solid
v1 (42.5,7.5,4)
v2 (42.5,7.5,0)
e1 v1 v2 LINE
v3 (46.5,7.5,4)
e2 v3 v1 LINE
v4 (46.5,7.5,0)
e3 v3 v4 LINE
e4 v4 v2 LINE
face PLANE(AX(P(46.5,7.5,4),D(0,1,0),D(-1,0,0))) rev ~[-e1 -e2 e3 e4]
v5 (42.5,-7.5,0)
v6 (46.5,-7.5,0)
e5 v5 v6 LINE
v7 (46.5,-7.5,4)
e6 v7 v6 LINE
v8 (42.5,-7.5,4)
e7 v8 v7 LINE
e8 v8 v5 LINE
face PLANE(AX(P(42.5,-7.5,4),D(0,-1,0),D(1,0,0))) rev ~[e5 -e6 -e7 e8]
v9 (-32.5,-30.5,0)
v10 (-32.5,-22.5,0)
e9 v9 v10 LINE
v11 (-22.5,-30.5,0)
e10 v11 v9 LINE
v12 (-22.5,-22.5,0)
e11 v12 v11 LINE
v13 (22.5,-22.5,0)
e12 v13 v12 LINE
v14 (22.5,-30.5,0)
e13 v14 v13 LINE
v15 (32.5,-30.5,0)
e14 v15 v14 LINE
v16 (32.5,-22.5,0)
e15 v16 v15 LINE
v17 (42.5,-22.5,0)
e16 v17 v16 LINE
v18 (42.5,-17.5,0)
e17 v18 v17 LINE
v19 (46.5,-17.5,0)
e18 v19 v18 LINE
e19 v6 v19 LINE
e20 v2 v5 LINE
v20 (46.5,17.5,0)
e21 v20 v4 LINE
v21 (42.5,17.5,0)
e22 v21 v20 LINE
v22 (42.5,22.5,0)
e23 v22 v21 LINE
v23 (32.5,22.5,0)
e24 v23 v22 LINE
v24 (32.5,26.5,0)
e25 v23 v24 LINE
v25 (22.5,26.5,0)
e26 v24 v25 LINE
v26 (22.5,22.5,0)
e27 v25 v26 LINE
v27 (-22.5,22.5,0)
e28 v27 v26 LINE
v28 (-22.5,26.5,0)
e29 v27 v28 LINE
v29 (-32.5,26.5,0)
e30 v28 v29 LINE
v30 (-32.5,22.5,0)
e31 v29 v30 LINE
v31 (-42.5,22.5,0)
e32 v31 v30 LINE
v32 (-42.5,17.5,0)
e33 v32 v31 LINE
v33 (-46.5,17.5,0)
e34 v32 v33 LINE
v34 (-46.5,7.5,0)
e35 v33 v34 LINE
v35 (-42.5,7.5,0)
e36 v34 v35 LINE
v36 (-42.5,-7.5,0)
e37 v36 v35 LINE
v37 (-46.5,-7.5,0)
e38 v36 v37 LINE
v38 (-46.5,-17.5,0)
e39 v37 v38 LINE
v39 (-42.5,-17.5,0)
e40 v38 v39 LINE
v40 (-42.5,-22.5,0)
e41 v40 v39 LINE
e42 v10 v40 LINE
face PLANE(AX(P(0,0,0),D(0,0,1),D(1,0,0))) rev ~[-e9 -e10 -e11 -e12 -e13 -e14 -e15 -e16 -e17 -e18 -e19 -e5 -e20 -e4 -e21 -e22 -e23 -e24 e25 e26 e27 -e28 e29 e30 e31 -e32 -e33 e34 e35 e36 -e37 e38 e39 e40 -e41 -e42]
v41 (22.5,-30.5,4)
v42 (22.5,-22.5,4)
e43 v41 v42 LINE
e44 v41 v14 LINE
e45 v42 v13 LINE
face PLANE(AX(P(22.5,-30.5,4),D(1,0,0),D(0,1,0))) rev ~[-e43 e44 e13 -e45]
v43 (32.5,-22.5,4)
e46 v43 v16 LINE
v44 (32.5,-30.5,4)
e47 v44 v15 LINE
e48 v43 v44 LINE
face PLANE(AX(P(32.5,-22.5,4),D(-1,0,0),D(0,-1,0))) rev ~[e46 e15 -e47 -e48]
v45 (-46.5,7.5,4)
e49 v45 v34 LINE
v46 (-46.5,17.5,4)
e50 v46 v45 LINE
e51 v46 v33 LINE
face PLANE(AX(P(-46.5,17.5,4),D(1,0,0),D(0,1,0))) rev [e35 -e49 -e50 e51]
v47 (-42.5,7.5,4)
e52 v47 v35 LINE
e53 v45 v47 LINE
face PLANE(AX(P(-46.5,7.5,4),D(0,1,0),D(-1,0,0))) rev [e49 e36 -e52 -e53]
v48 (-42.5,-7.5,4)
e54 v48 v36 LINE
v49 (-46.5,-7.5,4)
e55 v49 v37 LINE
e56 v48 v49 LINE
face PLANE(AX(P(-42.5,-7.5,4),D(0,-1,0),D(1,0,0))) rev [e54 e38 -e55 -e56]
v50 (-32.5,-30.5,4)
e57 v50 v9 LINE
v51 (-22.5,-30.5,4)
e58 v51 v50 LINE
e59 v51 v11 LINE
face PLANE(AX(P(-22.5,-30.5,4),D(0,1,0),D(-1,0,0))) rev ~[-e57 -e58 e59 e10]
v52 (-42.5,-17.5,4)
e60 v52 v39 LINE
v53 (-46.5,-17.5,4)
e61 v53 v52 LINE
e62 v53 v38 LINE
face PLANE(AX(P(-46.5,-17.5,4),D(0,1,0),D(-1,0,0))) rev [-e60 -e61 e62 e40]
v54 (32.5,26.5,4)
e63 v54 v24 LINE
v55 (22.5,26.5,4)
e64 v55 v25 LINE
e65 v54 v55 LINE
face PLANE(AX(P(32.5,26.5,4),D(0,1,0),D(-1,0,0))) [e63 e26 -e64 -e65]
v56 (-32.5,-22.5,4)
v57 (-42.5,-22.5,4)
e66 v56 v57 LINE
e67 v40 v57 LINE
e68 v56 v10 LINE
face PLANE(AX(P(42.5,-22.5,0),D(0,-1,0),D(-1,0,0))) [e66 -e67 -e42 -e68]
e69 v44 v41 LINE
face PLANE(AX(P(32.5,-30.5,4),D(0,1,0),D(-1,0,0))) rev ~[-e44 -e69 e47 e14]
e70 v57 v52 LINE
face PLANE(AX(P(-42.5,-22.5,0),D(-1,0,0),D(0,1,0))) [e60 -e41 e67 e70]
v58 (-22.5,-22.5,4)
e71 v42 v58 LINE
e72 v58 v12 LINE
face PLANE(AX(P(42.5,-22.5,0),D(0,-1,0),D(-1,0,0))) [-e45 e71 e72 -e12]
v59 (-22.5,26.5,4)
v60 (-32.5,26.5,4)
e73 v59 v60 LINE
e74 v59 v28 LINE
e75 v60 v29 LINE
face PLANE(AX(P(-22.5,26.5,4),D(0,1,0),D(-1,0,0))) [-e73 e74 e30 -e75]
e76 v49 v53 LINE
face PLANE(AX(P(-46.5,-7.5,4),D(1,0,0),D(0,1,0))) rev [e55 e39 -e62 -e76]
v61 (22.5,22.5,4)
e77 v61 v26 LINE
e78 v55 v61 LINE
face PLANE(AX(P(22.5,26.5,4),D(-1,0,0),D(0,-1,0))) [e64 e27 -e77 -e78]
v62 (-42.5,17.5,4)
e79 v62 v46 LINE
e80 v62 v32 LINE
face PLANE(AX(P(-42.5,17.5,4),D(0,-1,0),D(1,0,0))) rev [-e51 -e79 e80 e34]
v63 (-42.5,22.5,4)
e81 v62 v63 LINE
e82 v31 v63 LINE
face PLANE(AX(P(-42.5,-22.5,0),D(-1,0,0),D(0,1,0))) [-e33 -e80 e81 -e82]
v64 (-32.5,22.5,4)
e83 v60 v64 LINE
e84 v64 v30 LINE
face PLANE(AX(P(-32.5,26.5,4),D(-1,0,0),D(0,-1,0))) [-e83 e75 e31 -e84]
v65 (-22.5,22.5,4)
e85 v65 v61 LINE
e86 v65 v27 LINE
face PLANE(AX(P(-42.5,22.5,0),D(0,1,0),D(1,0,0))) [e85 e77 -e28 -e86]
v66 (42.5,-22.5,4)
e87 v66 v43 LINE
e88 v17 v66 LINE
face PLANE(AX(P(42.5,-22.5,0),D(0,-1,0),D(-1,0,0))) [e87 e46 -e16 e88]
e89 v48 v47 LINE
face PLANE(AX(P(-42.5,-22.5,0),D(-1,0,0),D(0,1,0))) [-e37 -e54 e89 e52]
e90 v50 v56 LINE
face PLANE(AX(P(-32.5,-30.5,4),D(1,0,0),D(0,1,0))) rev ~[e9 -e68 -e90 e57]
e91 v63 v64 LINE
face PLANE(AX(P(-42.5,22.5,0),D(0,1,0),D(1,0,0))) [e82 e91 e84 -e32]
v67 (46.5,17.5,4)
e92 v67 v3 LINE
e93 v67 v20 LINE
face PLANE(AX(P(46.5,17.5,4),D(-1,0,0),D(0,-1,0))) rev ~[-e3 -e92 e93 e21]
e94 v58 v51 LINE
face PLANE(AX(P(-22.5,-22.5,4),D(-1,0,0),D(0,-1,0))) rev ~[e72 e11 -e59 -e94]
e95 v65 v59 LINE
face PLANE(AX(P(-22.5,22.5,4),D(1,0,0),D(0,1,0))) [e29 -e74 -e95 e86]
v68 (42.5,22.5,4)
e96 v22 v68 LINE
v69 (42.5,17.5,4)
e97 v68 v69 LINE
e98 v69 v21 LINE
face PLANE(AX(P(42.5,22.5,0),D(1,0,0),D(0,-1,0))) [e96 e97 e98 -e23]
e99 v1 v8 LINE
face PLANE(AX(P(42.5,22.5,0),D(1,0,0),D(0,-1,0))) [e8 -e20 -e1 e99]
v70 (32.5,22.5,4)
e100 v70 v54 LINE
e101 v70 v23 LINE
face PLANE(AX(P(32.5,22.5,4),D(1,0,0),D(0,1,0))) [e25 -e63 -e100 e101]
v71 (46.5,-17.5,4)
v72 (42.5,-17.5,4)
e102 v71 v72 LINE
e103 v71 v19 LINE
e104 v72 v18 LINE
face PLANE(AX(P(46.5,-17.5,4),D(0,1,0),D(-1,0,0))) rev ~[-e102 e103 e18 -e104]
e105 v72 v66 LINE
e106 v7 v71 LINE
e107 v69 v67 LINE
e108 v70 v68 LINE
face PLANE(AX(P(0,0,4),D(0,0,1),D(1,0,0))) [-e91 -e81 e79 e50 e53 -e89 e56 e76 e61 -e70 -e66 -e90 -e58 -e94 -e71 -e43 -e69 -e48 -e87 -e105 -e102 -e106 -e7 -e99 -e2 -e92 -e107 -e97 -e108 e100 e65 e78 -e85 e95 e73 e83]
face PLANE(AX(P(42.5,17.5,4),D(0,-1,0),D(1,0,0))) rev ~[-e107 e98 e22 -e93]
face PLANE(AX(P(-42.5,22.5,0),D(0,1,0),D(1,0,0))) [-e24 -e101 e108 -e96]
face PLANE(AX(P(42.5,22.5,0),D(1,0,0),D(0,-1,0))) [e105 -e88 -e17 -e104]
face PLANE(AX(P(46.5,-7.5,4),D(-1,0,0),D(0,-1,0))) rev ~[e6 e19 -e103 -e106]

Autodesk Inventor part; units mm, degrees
ref_plane "YZ Plane" through (0, 0, 0) normal (1, 0, 0) x (0, 1, 0)
ref_plane "XZ Plane" through (0, 0, 0) normal (0, 1, 0) x (-1, 0, 0)
sketch "Sketch1" plane through (0, 0, 0) normal (0, 0, 1) x (1, 0, 0)
  line L0 (42.5, -22.5) -> (-42.5, -22.5)
  line L1 (-42.5, -22.5) -> (-42.5, 22.5)
  line L2 (-42.5, 22.5) -> (42.5, 22.5)
  line L3 (42.5, 22.5) -> (42.5, -22.5)
  line L4 (42.5, -22.5) -> (-42.5, 22.5) construction
  line L5 (-42.5, -22.5) -> (42.5, 22.5) construction
  point P0 (0, 0)
  dimension "d0" = 85
  dimension "d1" = 45
extrude "Extrusion1" add sketch "Sketch1" along normal blind 4
sketch "Sketch2" plane through (0, 0, 4) normal (0, 0, 1) x (1, 0, 0)
  line L0 (-42.5, -22.5) -> (42.5, -22.5) projected
  line L1 (42.5, -22.5) -> (42.5, 22.5) projected
  line L2 (42.5, 22.5) -> (-42.5, 22.5) projected
  line L3 (-42.5, 22.5) -> (-42.5, -22.5) projected
  line L4 (42.5, -22.5) -> (42.5, 22.5) projected
  line L5 (42.5, 17.5) -> (46.5, 17.5)
  line L6 (46.5, 17.5) -> (46.5, 7.5)
  line L7 (46.5, 7.5) -> (42.5, 7.5)
  line L8 (42.5, 7.5) -> (42.5, 17.5)
  line L9 (42.5, -7.5) -> (46.5, -7.5)
  line L10 (46.5, -7.5) -> (46.5, -17.5)
  line L11 (46.5, -17.5) -> (42.5, -17.5)
  line L12 (42.5, -17.5) -> (42.5, -7.5)
  point P0 (0, 0)
  dimension "d4" = 4
  dimension "d5" = 10
  dimension "d6" = 4
  dimension "d7" = 10
extrude "Extrusion2" add sketch "Sketch2" against normal blind 4 contours L1 L9 L10 L11 | L5 L6 L7 L1
ref_plane "Work Plane1" through (0, -7.5, 0) normal (1, 0, 0) x (0, 0, -1)
mirror "Mirror1" about plane through (0, -7.5, 0) normal (1, 0, 0) of "Extrusion2"
sketch "Sketch3" plane through (0, 0, 4) normal (0, 0, 1) x (1, 0, 0)
  line L0 (-42.5, -22.5) -> (42.5, -22.5) projected
  line L1 (-32.5, -22.5) -> (-22.5, -22.5)
  line L2 (-22.5, -22.5) -> (-22.5, -30.5)
  line L3 (-22.5, -30.5) -> (-32.5, -30.5)
  line L4 (-32.5, -30.5) -> (-32.5, -22.5)
  line L5 (22.5, -22.5) -> (32.5, -22.5)
  line L6 (32.5, -22.5) -> (32.5, -30.5)
  line L7 (32.5, -30.5) -> (22.5, -30.5)
  line L8 (22.5, -30.5) -> (22.5, -22.5)
  line L9 (-42.5, -17.5) -> (-42.5, -22.5) projected
  line L10 (42.5, -22.5) -> (42.5, -17.5) projected
  point P0 (0, 0)
  dimension "d12" = 10
  dimension "d13" = 8
  dimension "d14" = 10
  dimension "d15" = 8
extrude "Extrusion3" add sketch "Sketch3" against normal blind 4
sketch "Sketch5" plane through (0, 0, 4) normal (0, 0, 1) x (1, 0, 0)
  line L0 (42.5, 22.5) -> (-42.5, 22.5) projected
  line L1 (-32.5, 22.5) -> (-22.5, 22.5)
  line L2 (-22.5, 22.5) -> (-22.5, 26.5)
  line L3 (-22.5, 26.5) -> (-32.5, 26.5)
  line L4 (-32.5, 26.5) -> (-32.5, 22.5)
  line L5 (22.5, 22.5) -> (32.5, 22.5)
  line L6 (32.5, 22.5) -> (32.5, 26.5)
  line L7 (32.5, 26.5) -> (22.5, 26.5)
  line L8 (22.5, 26.5) -> (22.5, 22.5)
  line L9 (-42.5, 22.5) -> (-42.5, 17.5) projected
  line L10 (42.5, 17.5) -> (42.5, 22.5) projected
  point P0 (0, 0)
  dimension "d20" = 10
  dimension "d21" = 4
  dimension "d22" = 10
  dimension "d23" = 4
extrude "Extrusion4" add sketch "Sketch5" against normal blind 4
equation "\"d5\" = d"
equation "\"d7\" = d"
equation "\"d12\" = d"
equation "\"d14\" = d"
equation "\"d20\" = d"
equation "\"d22\" = d"
equation "\"d\" = 10"
properties part number "FUENTE 2"
